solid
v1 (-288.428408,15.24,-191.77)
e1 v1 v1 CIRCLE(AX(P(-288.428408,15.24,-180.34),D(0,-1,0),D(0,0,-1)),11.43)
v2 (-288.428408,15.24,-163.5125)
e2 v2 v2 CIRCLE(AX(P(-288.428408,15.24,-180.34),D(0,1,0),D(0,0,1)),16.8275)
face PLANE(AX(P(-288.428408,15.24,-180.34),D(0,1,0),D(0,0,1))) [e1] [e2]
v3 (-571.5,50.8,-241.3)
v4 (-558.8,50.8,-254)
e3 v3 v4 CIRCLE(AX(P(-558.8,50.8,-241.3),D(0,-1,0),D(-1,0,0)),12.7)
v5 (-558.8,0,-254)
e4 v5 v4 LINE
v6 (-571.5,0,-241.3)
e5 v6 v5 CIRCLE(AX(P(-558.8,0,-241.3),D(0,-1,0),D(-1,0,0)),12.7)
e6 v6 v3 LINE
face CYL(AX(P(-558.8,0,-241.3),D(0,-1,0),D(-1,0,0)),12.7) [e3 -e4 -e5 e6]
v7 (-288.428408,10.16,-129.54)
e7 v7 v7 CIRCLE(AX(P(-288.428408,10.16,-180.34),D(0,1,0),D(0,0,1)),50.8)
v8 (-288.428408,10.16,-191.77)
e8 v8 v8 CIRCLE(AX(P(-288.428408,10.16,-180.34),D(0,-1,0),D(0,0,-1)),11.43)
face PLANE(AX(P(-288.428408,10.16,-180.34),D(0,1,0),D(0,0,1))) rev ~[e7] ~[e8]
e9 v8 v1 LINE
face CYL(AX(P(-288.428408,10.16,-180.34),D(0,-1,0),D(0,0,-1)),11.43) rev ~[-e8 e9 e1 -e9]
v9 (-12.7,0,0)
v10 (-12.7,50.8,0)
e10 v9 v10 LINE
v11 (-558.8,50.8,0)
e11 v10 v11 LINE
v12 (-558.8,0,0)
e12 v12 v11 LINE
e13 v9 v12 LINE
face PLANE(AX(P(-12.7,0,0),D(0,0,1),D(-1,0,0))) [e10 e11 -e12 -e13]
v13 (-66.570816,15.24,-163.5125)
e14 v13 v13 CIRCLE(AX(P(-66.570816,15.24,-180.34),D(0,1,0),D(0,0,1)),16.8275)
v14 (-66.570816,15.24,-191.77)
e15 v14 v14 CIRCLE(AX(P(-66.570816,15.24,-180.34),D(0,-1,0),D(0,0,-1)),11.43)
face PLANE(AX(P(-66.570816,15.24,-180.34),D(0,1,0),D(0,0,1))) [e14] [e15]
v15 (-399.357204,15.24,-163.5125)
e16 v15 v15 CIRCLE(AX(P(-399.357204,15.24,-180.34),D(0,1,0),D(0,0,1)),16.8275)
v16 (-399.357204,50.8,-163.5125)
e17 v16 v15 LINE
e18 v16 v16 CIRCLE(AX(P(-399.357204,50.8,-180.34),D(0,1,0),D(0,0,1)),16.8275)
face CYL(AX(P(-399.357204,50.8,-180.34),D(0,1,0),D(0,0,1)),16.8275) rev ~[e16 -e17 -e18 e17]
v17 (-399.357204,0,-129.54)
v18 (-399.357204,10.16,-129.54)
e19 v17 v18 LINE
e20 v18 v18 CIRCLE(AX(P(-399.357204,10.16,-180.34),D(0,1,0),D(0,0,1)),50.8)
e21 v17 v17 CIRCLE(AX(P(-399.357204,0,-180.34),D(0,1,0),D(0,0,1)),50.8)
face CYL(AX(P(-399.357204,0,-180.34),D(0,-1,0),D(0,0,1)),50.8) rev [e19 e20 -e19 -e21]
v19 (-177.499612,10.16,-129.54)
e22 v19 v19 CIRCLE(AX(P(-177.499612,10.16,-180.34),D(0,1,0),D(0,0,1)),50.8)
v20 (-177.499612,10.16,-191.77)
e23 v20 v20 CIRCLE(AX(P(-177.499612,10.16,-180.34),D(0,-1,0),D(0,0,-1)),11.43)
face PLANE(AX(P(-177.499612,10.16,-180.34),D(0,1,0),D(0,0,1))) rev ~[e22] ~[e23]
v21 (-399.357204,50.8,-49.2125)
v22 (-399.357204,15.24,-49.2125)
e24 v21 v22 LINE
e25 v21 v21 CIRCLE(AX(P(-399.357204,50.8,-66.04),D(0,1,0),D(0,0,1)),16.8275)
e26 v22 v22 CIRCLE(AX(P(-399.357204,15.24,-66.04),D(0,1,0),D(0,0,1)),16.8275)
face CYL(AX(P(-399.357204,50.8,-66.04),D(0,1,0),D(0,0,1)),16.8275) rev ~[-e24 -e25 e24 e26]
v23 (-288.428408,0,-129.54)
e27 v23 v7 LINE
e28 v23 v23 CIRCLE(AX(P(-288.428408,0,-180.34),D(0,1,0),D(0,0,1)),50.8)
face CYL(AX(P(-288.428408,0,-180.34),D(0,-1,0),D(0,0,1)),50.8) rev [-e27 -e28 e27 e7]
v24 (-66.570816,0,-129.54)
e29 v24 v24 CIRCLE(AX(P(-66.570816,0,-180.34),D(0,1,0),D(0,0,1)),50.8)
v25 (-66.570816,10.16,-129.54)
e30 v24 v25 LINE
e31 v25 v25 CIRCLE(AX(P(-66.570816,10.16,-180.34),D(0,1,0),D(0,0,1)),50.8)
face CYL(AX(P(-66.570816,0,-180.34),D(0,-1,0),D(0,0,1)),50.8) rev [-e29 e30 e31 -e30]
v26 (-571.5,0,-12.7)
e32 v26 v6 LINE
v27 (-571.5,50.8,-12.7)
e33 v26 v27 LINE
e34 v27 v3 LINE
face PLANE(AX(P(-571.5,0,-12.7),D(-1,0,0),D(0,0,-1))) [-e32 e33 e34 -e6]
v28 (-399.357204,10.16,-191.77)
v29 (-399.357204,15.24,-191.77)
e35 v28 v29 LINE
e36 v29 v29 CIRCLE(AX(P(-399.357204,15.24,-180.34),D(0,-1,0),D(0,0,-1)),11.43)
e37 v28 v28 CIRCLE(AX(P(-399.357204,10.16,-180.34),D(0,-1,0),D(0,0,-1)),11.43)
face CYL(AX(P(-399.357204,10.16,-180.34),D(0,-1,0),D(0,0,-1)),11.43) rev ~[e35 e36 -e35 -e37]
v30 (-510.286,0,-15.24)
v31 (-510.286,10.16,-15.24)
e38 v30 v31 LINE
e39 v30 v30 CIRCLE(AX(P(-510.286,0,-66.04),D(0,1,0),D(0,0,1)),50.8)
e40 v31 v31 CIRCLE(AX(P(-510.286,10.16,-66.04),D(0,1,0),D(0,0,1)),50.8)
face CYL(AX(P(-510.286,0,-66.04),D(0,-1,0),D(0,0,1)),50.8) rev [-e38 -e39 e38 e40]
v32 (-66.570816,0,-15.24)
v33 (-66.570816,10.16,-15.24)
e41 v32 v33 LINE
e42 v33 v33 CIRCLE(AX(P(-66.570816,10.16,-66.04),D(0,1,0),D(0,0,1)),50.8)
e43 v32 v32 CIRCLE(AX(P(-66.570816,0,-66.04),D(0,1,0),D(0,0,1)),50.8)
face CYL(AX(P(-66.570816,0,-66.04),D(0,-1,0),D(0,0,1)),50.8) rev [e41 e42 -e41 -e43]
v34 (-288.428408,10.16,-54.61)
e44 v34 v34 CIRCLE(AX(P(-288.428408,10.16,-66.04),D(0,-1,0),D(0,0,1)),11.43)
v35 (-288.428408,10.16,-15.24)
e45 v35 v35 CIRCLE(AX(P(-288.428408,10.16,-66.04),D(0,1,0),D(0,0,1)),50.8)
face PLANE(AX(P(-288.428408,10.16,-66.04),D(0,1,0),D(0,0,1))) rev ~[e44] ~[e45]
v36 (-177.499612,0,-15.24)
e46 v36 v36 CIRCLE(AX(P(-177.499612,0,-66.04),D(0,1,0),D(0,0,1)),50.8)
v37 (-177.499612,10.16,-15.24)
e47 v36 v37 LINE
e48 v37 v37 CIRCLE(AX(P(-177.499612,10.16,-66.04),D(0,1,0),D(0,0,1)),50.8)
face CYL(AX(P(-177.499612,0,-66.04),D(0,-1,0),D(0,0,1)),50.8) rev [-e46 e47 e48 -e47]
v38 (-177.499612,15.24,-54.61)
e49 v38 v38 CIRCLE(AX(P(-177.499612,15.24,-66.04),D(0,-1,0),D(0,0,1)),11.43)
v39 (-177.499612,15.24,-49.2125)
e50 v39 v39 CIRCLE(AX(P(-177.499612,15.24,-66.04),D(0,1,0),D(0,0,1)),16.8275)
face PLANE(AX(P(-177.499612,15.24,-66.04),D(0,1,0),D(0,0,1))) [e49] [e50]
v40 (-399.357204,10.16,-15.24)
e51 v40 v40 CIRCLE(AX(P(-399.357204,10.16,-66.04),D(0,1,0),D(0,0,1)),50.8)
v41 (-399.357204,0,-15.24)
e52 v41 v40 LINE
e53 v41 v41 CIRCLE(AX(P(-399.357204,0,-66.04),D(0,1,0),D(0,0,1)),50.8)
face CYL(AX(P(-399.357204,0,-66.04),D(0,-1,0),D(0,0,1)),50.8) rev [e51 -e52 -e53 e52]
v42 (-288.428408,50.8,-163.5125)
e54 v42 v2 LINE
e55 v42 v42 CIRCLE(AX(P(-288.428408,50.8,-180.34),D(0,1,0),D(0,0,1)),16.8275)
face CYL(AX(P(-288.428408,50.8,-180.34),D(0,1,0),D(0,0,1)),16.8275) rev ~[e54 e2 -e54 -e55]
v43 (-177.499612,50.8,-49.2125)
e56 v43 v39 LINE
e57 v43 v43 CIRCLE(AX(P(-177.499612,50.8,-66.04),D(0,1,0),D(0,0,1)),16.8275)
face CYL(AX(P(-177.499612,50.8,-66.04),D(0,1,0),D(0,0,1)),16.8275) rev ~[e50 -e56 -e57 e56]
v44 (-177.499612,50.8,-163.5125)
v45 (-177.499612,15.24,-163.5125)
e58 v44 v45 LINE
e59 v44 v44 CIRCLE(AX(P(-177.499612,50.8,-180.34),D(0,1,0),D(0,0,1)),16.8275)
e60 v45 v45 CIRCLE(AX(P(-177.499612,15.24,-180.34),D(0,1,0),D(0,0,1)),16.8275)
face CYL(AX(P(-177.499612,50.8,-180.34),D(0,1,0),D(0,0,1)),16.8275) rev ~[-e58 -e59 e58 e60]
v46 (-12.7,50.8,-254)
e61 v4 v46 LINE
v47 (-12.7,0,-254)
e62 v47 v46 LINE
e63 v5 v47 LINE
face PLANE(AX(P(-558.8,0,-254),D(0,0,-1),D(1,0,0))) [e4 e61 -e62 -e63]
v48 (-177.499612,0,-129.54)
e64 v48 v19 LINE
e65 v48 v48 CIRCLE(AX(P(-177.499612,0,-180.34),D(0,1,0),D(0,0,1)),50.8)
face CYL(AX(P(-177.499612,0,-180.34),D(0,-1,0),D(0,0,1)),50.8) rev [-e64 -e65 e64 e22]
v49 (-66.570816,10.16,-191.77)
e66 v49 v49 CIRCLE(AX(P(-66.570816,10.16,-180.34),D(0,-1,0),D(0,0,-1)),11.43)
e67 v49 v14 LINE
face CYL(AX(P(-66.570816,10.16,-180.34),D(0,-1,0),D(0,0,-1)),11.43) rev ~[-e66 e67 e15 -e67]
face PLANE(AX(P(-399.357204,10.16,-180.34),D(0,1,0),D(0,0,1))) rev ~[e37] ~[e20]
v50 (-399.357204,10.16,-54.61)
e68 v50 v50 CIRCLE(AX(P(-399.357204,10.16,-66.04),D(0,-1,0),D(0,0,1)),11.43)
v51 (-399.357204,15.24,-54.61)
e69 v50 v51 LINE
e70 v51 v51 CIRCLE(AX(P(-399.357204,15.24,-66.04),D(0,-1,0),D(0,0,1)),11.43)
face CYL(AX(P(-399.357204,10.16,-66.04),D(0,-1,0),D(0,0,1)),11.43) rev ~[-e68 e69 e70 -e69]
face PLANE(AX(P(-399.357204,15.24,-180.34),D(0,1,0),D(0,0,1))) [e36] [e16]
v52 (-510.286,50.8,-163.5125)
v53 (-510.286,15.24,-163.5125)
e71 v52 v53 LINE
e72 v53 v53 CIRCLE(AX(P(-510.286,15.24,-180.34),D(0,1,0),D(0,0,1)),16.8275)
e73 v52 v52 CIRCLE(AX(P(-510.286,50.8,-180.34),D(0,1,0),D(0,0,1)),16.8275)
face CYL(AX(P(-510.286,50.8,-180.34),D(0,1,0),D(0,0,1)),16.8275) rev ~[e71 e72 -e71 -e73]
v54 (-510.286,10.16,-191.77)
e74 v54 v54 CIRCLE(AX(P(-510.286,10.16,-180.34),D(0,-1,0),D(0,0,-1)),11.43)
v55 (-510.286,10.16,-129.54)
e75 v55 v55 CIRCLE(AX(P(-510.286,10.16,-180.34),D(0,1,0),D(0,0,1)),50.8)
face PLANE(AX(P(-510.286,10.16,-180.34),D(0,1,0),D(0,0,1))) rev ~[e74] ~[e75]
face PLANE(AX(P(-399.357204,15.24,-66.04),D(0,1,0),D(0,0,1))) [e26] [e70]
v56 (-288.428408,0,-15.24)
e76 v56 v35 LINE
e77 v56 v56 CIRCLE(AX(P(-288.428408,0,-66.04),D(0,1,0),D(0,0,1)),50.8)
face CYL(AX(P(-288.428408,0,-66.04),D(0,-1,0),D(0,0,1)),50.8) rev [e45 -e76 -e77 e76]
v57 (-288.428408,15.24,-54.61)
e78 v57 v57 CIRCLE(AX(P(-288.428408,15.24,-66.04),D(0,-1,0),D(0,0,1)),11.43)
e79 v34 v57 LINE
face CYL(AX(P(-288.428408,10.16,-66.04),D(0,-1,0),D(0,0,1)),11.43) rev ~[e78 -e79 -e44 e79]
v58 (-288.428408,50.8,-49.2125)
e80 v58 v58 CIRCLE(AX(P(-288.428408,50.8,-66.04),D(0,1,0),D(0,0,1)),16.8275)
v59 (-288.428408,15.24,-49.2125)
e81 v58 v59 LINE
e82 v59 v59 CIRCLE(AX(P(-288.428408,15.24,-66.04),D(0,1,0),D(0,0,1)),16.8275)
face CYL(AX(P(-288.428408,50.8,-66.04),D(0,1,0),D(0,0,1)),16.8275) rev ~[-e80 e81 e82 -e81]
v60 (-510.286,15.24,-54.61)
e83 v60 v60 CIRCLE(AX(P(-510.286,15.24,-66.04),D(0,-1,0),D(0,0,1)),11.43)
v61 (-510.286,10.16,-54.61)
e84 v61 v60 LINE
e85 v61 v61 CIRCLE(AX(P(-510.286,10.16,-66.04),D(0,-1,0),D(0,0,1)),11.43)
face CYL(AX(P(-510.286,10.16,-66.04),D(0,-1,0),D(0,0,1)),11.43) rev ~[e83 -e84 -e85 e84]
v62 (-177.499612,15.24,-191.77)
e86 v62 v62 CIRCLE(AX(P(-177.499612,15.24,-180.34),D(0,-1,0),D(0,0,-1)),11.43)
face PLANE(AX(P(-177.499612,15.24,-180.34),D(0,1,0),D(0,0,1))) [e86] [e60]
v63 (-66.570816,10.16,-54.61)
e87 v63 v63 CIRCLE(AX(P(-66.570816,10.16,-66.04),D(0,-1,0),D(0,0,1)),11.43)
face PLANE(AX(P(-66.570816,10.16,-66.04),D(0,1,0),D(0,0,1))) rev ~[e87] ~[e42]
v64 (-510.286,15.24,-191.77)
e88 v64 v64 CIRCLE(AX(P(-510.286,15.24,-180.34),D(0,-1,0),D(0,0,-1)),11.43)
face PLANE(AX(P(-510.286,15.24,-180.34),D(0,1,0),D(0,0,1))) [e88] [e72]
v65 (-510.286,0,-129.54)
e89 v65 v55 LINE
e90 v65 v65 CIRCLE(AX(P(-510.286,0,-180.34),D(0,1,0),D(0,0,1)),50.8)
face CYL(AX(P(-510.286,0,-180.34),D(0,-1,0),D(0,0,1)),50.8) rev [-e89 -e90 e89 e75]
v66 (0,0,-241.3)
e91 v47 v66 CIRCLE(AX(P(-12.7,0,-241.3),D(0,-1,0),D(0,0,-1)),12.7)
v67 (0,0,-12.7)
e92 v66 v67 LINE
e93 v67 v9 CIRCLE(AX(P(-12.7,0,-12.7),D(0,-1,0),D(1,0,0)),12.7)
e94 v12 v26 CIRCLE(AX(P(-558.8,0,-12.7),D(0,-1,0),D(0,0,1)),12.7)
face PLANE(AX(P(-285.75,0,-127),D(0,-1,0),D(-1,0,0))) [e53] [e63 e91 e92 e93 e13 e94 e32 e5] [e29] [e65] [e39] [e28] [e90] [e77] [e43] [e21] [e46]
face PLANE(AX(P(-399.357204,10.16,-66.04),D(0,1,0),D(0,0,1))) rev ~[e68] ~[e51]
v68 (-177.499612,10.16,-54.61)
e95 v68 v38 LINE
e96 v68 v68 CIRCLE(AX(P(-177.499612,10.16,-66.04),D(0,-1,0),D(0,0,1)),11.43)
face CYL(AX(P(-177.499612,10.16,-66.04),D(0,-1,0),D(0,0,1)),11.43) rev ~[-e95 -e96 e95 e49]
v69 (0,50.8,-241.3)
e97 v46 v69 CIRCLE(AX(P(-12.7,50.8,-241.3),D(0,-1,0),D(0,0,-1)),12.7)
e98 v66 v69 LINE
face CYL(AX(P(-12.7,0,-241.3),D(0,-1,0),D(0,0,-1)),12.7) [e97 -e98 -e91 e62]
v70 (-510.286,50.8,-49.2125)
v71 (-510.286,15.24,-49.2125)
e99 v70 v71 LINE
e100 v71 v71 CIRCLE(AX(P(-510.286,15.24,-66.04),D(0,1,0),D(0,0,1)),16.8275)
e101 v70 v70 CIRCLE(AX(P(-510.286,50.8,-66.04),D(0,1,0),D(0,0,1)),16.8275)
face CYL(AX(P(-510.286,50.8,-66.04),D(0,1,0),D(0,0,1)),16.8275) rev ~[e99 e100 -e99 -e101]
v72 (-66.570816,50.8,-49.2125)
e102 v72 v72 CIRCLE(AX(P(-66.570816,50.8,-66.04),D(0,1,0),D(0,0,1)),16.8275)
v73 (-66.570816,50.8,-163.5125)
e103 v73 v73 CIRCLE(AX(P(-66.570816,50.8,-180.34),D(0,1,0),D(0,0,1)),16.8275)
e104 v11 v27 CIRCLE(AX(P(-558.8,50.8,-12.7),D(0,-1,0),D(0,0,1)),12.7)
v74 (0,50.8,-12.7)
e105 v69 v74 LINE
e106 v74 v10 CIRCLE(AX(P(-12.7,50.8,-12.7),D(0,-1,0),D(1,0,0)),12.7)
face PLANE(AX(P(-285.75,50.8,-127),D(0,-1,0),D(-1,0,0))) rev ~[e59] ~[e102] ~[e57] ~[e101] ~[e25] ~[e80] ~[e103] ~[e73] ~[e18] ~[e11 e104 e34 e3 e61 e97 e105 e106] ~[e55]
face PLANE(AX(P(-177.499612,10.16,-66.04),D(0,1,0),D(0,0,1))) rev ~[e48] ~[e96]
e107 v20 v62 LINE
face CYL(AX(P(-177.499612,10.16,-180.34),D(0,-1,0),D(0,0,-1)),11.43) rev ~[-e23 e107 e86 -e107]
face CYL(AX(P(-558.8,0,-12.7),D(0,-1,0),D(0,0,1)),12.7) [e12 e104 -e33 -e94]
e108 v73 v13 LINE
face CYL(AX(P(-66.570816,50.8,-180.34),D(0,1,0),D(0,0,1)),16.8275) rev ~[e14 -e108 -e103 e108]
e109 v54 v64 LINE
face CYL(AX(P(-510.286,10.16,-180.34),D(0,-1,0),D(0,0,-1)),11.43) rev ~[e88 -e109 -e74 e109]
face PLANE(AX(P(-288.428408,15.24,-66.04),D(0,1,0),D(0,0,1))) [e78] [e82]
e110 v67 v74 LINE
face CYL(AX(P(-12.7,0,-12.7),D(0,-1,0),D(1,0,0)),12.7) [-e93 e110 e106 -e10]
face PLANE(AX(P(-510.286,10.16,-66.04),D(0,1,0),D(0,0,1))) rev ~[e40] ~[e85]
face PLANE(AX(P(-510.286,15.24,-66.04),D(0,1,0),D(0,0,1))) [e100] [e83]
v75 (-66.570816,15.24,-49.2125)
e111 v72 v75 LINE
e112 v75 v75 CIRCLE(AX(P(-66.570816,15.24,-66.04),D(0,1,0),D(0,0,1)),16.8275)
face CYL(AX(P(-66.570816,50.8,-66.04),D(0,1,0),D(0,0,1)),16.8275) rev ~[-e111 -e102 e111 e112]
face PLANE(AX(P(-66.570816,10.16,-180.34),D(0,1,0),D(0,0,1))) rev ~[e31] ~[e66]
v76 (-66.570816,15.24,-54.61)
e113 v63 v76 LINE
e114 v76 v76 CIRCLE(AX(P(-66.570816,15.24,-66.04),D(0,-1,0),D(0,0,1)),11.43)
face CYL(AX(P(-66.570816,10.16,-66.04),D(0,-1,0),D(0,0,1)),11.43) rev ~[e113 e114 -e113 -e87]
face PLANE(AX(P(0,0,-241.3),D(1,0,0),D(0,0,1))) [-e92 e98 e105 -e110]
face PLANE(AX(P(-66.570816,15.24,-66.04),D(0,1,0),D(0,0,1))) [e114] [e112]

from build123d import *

# Parameters (mm, degrees)
BOSS_EXTRUDE1_DEPTH = 50.8
SKETCH2_R           = 50.8
CUT_EXTRUDE1_DEPTH  = 10.16
SKETCH3_R           = 11.43
CUT_EXTRUDE2_DEPTH  = 627.721516784
SKETCH7_R           = 16.8275
CUT_EXTRUDE3_DEPTH  = 35.56


with BuildPart() as part:
    # Sketch1 → Boss-Extrude1 (new body)
    with BuildSketch(Plane(origin=(0, 0, 0), x_dir=(1, 0, 0), z_dir=(0, 1, 0))):
        with BuildLine():
            Line((-12.7, 0), (-558.8, 0))
            ThreePointArc((-558.8, 0), (-567.780256121, 3.719743879), (-571.5, 12.7))
            Line((-571.5, 12.7), (-571.5, 241.3))
            ThreePointArc((-571.5, 241.3), (-567.780256121, 250.280256121), (-558.8, 254))
            Line((-558.8, 254), (-12.7, 254))
            ThreePointArc((-12.7, 254), (-3.719743879, 250.280256121), (0, 241.3))
            Line((0, 241.3), (0, 12.7))
            ThreePointArc((0, 12.7), (-3.719743879, 3.719743879), (-12.7, 0))
        make_face()
    extrude(amount=BOSS_EXTRUDE1_DEPTH)

    # Sketch2 → Cut-Extrude1 (cut)
    with BuildSketch(Plane(origin=(0, 0, 0), x_dir=(1, 0, 0), z_dir=(0, 1, 0))):
        with Locations(Location((-177.499611663, 66.04, 0), (0, 0, 270))):
            Circle(SKETCH2_R)
        with Locations(Location((-66.57081555, 66.04, 0), (0, 0, 270))):
            Circle(SKETCH2_R)
        with Locations(Location((-288.428407775, 66.04, 0), (0, 0, 270))):
            Circle(SKETCH2_R)
        with Locations(Location((-399.357203888, 66.04, 0), (0, 0, 270))):
            Circle(SKETCH2_R)
        with Locations(Location((-510.286, 66.04, 0), (0, 0, 270))):
            Circle(SKETCH2_R)
        with Locations(Location((-177.499611663, 180.34, 0), (0, 0, 270))):
            Circle(SKETCH2_R)
        with Locations(Location((-288.428407775, 180.34, 0), (0, 0, 270))):
            Circle(SKETCH2_R)
        with Locations(Location((-399.357203888, 180.34, 0), (0, 0, 270))):
            Circle(SKETCH2_R)
        with Locations(Location((-510.286, 180.34, 0), (0, 0, 270))):
            Circle(SKETCH2_R)
        with Locations(Location((-66.57081555, 180.34, 0), (0, 0, 270))):
            Circle(SKETCH2_R)
    extrude(amount=CUT_EXTRUDE1_DEPTH, mode=Mode.SUBTRACT)

    # Sketch3 → Cut-Extrude2 (cut, through all)
    with BuildSketch(Plane.XZ.offset(-10.16)):
        with Locations(Location((-66.57081555, -180.34, 0), (0, 0, 270))):
            Circle(SKETCH3_R)
        with Locations(Location((-177.499611663, -180.34, 0), (0, 0, 270))):
            Circle(SKETCH3_R)
        with Locations(Location((-288.428407775, -180.34, 0), (0, 0, 270))):
            Circle(SKETCH3_R)
        with Locations(Location((-399.357203888, -180.34, 0), (0, 0, 270))):
            Circle(SKETCH3_R)
        with Locations(Location((-510.286, -180.34, 0), (0, 0, 270))):
            Circle(SKETCH3_R)
        with Locations(Location((-510.286, -66.04, 0), (0, 0, 90))):
            Circle(SKETCH3_R)
        with Locations(Location((-399.357203888, -66.04, 0), (0, 0, 90))):
            Circle(SKETCH3_R)
        with Locations(Location((-288.428407775, -66.04, 0), (0, 0, 90))):
            Circle(SKETCH3_R)
        with Locations(Location((-177.499611663, -66.04, 0), (0, 0, 90))):
            Circle(SKETCH3_R)
        with Locations(Location((-66.57081555, -66.04, 0), (0, 0, 90))):
            Circle(SKETCH3_R)
    extrude(amount=-CUT_EXTRUDE2_DEPTH, mode=Mode.SUBTRACT)

    # Sketch7 → Cut-Extrude3 (cut)
    with BuildSketch(Plane(origin=(0, 50.8, 0), x_dir=(1, 0, 0), z_dir=(0, 1, 0))):
        with Locations(Location((-66.57081555, 180.34, 0), (0, 0, 270))):
            Circle(SKETCH7_R)
        with Locations(Location((-66.57081555, 66.04, 0), (0, 0, 270))):
            Circle(SKETCH7_R)
        with Locations(Location((-177.499611663, 66.04, 0), (0, 0, 270))):
            Circle(SKETCH7_R)
        with Locations(Location((-288.428407775, 66.04, 0), (0, 0, 270))):
            Circle(SKETCH7_R)
        with Locations(Location((-399.357203888, 66.04, 0), (0, 0, 270))):
            Circle(SKETCH7_R)
        with Locations(Location((-510.286, 66.04, 0), (0, 0, 270))):
            Circle(SKETCH7_R)
        with Locations(Location((-177.499611663, 180.34, 0), (0, 0, 270))):
            Circle(SKETCH7_R)
        with Locations(Location((-288.428407775, 180.34, 0), (0, 0, 270))):
            Circle(SKETCH7_R)
        with Locations(Location((-399.357203888, 180.34, 0), (0, 0, 270))):
            Circle(SKETCH7_R)
        with Locations(Location((-510.286, 180.34, 0), (0, 0, 270))):
            Circle(SKETCH7_R)
    extrude(amount=-CUT_EXTRUDE3_DEPTH, mode=Mode.SUBTRACT)


solid = part.part
